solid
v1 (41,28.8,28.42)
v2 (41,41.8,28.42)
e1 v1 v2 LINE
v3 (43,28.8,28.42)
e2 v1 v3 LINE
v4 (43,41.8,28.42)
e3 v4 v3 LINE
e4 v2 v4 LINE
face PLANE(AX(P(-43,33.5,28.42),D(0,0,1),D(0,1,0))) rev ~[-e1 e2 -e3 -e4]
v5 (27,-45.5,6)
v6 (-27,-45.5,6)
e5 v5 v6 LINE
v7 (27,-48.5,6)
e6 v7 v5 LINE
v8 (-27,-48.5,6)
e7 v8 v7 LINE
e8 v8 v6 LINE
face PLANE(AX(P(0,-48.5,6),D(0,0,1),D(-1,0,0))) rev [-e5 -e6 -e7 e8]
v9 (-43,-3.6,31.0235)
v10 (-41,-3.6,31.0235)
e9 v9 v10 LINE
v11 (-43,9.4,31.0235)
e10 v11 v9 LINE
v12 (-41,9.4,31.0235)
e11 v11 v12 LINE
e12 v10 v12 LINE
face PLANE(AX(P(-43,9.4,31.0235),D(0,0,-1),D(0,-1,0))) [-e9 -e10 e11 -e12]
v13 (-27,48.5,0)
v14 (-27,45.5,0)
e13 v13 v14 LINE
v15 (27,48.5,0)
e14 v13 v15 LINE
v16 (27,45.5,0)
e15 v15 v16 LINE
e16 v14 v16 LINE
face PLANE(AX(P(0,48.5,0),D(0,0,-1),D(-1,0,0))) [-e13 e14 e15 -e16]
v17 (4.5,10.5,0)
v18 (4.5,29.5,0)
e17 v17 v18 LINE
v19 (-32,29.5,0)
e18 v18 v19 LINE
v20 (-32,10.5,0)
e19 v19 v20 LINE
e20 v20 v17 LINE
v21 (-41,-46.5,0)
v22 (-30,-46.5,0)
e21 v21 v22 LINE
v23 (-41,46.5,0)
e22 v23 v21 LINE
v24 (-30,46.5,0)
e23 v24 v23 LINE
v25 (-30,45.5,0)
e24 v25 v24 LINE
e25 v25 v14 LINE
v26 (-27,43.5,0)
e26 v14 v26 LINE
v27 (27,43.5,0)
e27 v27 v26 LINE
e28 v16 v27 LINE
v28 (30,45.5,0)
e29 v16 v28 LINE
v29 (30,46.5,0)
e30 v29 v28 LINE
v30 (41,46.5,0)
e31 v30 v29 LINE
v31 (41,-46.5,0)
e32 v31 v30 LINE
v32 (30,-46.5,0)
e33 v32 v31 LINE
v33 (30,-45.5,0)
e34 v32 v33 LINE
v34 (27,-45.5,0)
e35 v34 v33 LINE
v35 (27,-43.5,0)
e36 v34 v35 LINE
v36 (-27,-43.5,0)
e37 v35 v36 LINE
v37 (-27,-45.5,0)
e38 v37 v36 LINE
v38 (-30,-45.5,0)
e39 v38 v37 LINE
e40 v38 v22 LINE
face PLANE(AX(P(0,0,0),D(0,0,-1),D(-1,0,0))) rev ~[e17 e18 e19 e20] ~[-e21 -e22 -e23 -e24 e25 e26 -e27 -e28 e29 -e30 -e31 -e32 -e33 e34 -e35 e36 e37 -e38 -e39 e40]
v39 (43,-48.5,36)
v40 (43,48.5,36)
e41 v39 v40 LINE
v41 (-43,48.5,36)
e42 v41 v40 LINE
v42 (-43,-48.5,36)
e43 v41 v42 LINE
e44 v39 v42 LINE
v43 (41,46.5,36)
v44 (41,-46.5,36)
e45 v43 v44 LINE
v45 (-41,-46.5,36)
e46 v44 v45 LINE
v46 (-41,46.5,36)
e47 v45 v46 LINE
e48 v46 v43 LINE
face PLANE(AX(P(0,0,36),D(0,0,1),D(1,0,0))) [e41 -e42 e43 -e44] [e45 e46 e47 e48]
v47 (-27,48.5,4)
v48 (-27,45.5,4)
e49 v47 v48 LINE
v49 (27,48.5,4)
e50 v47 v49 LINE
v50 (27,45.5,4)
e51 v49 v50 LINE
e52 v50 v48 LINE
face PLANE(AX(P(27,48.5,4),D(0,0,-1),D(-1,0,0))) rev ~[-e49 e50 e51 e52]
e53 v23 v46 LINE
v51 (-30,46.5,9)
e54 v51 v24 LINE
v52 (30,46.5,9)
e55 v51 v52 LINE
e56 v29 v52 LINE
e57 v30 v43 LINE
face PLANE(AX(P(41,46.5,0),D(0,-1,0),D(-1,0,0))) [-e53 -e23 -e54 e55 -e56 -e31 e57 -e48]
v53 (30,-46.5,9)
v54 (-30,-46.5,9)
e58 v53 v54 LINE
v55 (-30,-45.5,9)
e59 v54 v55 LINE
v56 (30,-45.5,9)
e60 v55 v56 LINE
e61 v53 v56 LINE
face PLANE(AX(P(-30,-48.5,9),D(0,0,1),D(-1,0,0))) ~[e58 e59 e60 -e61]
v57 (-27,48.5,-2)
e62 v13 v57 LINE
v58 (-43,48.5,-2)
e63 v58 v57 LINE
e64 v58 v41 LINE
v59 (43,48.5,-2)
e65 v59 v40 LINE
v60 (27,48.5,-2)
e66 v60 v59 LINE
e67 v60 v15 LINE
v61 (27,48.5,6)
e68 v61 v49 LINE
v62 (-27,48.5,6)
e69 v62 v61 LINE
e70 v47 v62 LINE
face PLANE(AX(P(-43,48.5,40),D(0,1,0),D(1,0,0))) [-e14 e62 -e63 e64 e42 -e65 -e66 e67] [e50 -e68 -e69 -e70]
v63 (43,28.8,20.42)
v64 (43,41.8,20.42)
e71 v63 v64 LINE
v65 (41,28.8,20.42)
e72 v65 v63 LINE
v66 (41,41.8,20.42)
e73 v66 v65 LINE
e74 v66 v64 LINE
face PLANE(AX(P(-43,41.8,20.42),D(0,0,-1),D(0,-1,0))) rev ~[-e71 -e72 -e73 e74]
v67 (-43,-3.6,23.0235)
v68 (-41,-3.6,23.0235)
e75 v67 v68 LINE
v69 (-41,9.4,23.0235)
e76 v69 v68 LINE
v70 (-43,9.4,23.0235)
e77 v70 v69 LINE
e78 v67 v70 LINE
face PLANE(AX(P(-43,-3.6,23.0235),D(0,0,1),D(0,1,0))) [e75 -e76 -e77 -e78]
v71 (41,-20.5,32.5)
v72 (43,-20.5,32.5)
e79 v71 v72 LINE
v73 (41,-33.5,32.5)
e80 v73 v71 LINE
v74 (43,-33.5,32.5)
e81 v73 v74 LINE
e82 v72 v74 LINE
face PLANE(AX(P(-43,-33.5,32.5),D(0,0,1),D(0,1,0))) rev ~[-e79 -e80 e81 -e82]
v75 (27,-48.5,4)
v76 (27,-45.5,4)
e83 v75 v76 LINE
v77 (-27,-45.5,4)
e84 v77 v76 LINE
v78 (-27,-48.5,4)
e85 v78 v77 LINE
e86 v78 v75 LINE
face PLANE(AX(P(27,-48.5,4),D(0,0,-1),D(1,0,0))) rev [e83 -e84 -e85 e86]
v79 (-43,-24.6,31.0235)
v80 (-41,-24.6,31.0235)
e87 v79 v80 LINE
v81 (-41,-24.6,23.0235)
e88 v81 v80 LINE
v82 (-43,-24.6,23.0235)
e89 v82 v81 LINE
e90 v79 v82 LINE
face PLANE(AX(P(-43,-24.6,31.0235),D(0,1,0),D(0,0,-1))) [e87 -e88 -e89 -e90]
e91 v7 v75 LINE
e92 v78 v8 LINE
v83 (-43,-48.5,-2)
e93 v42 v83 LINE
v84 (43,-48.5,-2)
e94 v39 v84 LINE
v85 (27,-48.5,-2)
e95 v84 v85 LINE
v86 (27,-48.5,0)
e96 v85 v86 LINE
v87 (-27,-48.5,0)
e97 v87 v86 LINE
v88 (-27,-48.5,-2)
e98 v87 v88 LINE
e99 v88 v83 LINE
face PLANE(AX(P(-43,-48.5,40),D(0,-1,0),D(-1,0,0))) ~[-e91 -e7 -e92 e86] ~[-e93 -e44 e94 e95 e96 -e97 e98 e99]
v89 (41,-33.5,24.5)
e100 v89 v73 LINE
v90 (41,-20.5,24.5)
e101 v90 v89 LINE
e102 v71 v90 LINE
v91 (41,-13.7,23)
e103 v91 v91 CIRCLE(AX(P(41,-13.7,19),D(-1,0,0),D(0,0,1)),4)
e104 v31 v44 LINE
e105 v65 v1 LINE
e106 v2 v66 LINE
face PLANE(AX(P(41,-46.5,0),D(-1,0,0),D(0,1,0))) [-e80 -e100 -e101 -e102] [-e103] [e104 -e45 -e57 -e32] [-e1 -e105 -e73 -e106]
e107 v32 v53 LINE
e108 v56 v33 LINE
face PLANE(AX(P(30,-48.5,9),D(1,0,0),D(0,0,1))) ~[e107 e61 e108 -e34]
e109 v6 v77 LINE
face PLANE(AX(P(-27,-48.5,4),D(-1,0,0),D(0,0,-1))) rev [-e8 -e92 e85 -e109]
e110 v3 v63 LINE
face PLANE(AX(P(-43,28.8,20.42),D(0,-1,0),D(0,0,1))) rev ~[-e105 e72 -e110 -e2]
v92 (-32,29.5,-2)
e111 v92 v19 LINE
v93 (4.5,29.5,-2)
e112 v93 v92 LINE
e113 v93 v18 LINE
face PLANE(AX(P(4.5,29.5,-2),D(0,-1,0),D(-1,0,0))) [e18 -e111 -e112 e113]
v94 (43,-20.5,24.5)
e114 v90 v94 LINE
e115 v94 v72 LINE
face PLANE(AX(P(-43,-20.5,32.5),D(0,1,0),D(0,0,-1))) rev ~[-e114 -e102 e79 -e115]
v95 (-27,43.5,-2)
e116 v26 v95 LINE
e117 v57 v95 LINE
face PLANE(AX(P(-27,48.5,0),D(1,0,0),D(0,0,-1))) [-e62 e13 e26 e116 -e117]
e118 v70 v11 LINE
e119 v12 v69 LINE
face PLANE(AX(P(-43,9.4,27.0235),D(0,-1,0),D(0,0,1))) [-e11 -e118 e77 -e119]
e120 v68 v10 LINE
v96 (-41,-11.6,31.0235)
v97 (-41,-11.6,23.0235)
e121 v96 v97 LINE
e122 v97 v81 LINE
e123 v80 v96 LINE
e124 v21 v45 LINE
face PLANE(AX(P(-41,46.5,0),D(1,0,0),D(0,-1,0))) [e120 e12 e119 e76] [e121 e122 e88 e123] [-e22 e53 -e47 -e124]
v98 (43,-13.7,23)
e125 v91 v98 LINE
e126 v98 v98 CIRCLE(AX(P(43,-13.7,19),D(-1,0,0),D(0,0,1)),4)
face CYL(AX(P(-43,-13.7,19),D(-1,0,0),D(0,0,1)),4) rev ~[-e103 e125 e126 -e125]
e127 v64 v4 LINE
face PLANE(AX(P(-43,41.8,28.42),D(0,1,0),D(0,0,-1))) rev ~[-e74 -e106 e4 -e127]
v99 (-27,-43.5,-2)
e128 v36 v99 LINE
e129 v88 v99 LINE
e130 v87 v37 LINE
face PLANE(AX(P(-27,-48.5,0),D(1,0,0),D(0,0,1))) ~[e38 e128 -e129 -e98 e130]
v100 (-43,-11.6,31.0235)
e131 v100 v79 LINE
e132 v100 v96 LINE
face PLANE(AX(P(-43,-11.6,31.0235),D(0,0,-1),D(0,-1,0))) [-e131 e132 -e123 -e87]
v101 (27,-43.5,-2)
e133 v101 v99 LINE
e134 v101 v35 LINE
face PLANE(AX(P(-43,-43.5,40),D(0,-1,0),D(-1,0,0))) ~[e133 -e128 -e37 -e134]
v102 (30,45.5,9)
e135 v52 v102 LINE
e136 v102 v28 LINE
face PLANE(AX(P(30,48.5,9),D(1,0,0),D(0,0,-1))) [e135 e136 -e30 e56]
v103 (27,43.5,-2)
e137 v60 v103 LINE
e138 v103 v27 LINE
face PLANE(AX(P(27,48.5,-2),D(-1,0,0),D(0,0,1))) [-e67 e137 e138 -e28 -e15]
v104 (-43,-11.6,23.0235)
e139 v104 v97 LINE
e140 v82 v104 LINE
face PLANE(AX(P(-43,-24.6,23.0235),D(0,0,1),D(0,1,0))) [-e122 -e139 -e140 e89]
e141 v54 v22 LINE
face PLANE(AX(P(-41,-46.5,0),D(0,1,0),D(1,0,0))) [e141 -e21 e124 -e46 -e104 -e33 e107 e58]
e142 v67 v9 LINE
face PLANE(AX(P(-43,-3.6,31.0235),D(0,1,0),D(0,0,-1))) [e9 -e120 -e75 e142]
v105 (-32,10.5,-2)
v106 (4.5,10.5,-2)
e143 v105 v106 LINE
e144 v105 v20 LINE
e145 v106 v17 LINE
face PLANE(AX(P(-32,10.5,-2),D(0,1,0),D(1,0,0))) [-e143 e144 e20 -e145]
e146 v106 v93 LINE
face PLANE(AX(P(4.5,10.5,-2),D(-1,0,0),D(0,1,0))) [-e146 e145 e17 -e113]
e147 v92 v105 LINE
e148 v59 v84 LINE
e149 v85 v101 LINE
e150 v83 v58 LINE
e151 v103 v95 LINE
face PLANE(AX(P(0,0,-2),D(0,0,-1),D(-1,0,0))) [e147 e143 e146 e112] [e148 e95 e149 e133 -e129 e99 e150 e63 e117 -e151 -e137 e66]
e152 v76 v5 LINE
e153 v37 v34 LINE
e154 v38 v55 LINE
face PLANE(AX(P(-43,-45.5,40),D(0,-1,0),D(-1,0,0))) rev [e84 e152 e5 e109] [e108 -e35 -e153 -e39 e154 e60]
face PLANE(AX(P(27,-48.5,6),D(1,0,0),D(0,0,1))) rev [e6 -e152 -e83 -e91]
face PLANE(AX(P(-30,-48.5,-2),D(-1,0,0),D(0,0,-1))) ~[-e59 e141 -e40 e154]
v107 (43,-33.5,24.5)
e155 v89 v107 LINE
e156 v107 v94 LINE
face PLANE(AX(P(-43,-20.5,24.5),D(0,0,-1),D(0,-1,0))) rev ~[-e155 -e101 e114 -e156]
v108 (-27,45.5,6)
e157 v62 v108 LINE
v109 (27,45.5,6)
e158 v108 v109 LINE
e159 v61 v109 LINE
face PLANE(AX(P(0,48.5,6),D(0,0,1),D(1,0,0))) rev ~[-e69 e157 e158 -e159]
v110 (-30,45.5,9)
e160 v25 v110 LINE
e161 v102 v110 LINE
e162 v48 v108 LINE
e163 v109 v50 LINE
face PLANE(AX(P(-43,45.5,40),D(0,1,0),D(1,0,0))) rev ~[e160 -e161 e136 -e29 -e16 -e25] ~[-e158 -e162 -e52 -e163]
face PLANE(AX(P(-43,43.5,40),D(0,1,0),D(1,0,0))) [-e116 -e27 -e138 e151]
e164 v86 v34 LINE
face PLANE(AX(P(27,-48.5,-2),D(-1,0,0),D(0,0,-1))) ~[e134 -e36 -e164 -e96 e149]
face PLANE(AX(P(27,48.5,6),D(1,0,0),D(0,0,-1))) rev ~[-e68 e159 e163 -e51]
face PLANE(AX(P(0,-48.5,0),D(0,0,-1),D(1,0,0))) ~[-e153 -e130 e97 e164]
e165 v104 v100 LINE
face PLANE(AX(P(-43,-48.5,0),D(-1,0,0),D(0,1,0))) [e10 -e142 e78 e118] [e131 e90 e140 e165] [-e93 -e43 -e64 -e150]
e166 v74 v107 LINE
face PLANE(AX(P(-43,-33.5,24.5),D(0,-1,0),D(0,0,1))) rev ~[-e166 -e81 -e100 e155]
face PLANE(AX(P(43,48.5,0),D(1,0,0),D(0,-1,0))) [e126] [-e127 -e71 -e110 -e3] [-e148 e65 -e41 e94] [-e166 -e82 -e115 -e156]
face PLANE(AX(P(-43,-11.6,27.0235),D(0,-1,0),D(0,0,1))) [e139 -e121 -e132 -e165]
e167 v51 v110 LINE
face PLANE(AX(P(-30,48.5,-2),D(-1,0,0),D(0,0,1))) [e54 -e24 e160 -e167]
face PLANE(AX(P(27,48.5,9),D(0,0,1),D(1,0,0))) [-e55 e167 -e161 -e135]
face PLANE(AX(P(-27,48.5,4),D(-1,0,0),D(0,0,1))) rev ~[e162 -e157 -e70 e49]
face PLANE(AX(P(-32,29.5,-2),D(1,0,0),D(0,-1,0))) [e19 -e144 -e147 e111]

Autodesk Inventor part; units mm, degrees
ref_plane "YZ Plane" through (0, 0, 0) normal (1, 0, 0) x (0, 1, 0)
ref_plane "XZ Plane" through (0, 0, 0) normal (0, 1, 0) x (-1, 0, 0)
ref_plane "XY Plane" through (0, 0, 0) normal (0, 0, 1) x (1, 0, 0)
sketch "Sketch1" plane through (0, 0, 0) normal (0, 0, 1) x (1, 0, 0)
  line L0 (-41, -46.5) -> (41, -46.5)
  line L1 (41, -46.5) -> (41, 46.5)
  line L2 (41, 46.5) -> (-41, 46.5)
  line L3 (-41, 46.5) -> (-41, -46.5)
  line L4 (-41, -46.5) -> (41, 46.5) construction
  line L5 (41, -46.5) -> (-41, 46.5) construction
  line L6 (43, 48.5) -> (43, -48.5)
  line L7 (43, -48.5) -> (-43, -48.5)
  line L8 (-43, -48.5) -> (-43, 48.5)
  line L9 (-43, 48.5) -> (43, 48.5)
  point P0 (0, 0)
  dimension "d0" = 93
  dimension "d1" = 82
  dimension "d2" = 2
extrude "Extrusion1" add sketch "Sketch1" along normal blind 40
sketch "Sketch2" plane through (0, 0, 0) normal (0, 0, -1) x (-1, 0, 0)
  line L0 (41, 46.5) -> (41, -46.5) projected
  line L1 (41, -46.5) -> (-41, -46.5) projected
  line L2 (-41, -46.5) -> (-41, 46.5) projected
  line L3 (-41, 46.5) -> (41, 46.5) projected
  line L4 (-43, 48.5) -> (-43, -48.5) projected
  line L5 (-43, -48.5) -> (43, -48.5) projected
  line L6 (43, -48.5) -> (43, 48.5) projected
  line L7 (43, 48.5) -> (-43, 48.5) projected
  point P0 (0, 0)
extrude "Extrusion2" add sketch "Sketch2" along normal blind 2 contours L0 L1 L2 L3 | L7 L6 L5 L4
sketch "Sketch4" plane through (0, 0, -2) normal (0, 0, -1) x (-1, 0, 0)
  line L0 (41, 46.5) -> (41, -46.5) projected
  line L1 (-41, 46.5) -> (41, 46.5) projected
  line L2 (-41, -46.5) -> (-41, 46.5) projected
  line L3 (41, -46.5) -> (-41, -46.5) projected
  line L4 (0, 46.5) -> (0, 31.5)
  line L5 (41, -46.5) -> (41, 46.5) projected
  line L6 (41, 31.5) -> (37, 31.5)
  line L7 (-41, 46.5) -> (-41, -46.5) projected
  line L8 (-41, 16) -> (-7, 16)
  line L9 (23, -46.5) -> (23, 3.5)
  line L10 (37, 31.5) -> (-10, 31.5)
  line L11 (-10, 31.5) -> (-10, 3.5)
  line L12 (-10, 3.5) -> (37, 3.5)
  line L13 (37, 3.5) -> (37, 31.5)
  point P0 (0, 0)
  dimension "d11" = 15
  dimension "d12" = 4
  dimension "d13" = 34
  dimension "d14" = 50
extrude "Extrusion4" cut sketch "Sketch4" against normal blind 2 contours L13 L12 L11 L10
sketch "Sketch8" plane through (-43, 48.5, 40) normal (0, 1, 0) x (1, 0, 0)
  line L0 (0, 0) -> (0, 42) projected
  line L1 (86, 0) -> (0, 0) projected
  line L2 (86, 42) -> (86, 0) projected
  line L3 (0, 42) -> (86, 42) projected
  line L4 (6, 42) -> (53, 42) projected
  line L5 (43, 42) -> (16, 42)
  line L6 (43, 42) -> (43, 40)
  line L7 (43, 40) -> (43, 36)
  line L8 (43, 36) -> (43, 34)
  line L9 (84, 40) -> (2, 40) projected
  line L10 (16, 42) -> (70, 42)
  line L11 (70, 42) -> (70, 40)
  line L12 (70, 40) -> (16, 40)
  line L13 (16, 40) -> (16, 42)
  line L14 (16, 34) -> (70, 34)
  line L15 (70, 34) -> (70, 36)
  line L16 (70, 36) -> (16, 36)
  line L17 (16, 36) -> (16, 34)
  dimension "d29" = 27
  dimension "d30" = 2
  dimension "d31" = 4
  dimension "d32" = 2
  dimension "d33" = 54
sketch "Sketch9" plane through (-43, 48.5, 40) normal (0, 1, 0) x (1, 0, 0)
  line L0 (70, 42) -> (73, 42)
  line L1 (6, 42) -> (53, 42) projected
  line L2 (16, 42) -> (13, 42)
  line L3 (70, 34) -> (70, 31)
  line L4 (73, 42) -> (13, 42)
  line L5 (13, 42) -> (13, 31)
  line L6 (13, 31) -> (73, 31)
  line L7 (73, 31) -> (73, 42)
  point P0 (43, 40)
  dimension "d34" = 3
  dimension "d35" = 3
  dimension "d36" = 3
extrude "Extrusion8" add sketch "Sketch9" against normal blind 3
extrude "Extrusion9" cut sketch "Sketch8" against normal blind 5 contours L16 L15 L14 L8 | L8 L14 L17 L16 | L3 L6 L9 L13 | L11 L9 L6 L3
sketch "Sketch10" plane through (0, 0, 40) normal (0, 0, 1) x (1, 0, 0)
  line L0 (-41, -46.5) -> (-41, 46.5) projected
  line L1 (-41, 46.5) -> (41, 46.5) projected
  line L2 (41, 46.5) -> (41, -46.5) projected
  line L3 (41, -46.5) -> (-41, -46.5) projected
  line L4 (43, -48.5) -> (43, 48.5) projected
  line L5 (43, 48.5) -> (-43, 48.5) projected
  line L6 (-43, 48.5) -> (-43, -48.5) projected
  line L7 (-43, -48.5) -> (43, -48.5) projected
  point P0 (0, 0)
extrude "Extrusion10" cut sketch "Sketch10" against normal blind 4
sketch "Sketch11" plane through (-43, -48.5, -2) normal (-1, 0, 0) x (0, 0, 1)
  line L0 (2, 95) -> (38, 95) projected
  line L1 (2, 95) -> (2, 2) projected
  line L2 (11, 95) -> (2, 95) projected
  line L3 (2, 95) -> (2, 62.2)
  line L4 (2, 80) -> (2, 52) projected
  line L5 (2, 62.2) -> (21, 62.2)
  circle A0 centre (21, 62.2) radius 4
  line L6 (2, 79) -> (30.5, 79)
  line L7 (30.5, 95) -> (30.5, 83)
  line L8 (30.5, 83) -> (30.5, 72)
  line L9 (30.5, 79) -> (30.5, 72)
  line L10 (26.5, 82) -> (34.5, 82)
  line L11 (34.5, 82) -> (34.5, 69)
  line L12 (34.5, 69) -> (26.5, 69)
  line L13 (26.5, 69) -> (26.5, 82)
  line L14 (26.5, 82) -> (34.5, 69) construction
  line L15 (34.5, 82) -> (26.5, 69) construction
  line L16 (2, 7) -> (26.5, 7)
  line L17 (2, 2) -> (38, 2) projected
  line L18 (26.42, 2) -> (26.42, 13.2)
  line L19 (22.42, 6.7) -> (22.42, 19.7)
  line L20 (22.42, 19.7) -> (30.42, 19.7)
  line L21 (30.42, 19.7) -> (30.42, 6.7)
  line L22 (30.42, 6.7) -> (22.42, 6.7)
  line L23 (22.42, 6.7) -> (30.42, 19.7) construction
  line L24 (22.42, 19.7) -> (30.42, 6.7) construction
  line L25 (2, 2) -> (38, 2) projected
  line L26 (2, 95) -> (2, 2)
  line L27 (2, 2) -> (2, 48.5)
  line L28 (2, 2) -> (2, 95) projected
  line L29 (28, 48.5) -> (2, 48.5)
  circle A1 centre (21, 34.8) radius 4
  line L30 (26.5, 15) -> (34.5, 15)
  line L31 (34.5, 15) -> (34.5, 28)
  line L32 (34.5, 28) -> (26.5, 28)
  line L33 (26.5, 28) -> (26.5, 15)
  line L34 (22.42, 90.3) -> (22.42, 77.3)
  line L35 (22.42, 77.3) -> (30.42, 77.3)
  line L36 (30.42, 77.3) -> (30.42, 90.3)
  line L37 (30.42, 90.3) -> (22.42, 90.3)
  point P0 (30.5, 75.5)
  dimension "d43" = 32.8
  dimension "d44" = 19
  dimension "d45" = 8
  dimension "d48" = 28.5
  dimension "d50" = 12
  dimension "d51" = 11
  dimension "d52" = 8
  dimension "d53" = 13
  dimension "d54" = 24.5
  dimension "d55" = 11.2
  dimension "d56" = 13
  dimension "d57" = 8
extrude "Extrusion11" cut sketch "Sketch11" against normal through all contours L34 L37 L36 L10 L13 L6 | L6 L13 L35 L34 | L13 L10 L36 L6 | L6 L36 L35 L13 | L33 L32 L31 L30 L21 L20 | L20 L21 L30 L33 | A1
sketch "Sketch12" plane through (-43, -48.5, -2) normal (-1, 0, 0) x (0, 0, 1)
  line L0 (38, 0) -> (38, 97) projected
  line L1 (38, 97) -> (0, 97) projected
  line L2 (0, 0) -> (0, 97) projected
  line L3 (38, 0) -> (0, 0) projected
  point P0 (2, 48.5)
extrude "Extrusion12" add sketch "Sketch12" against normal up to surface (2 mm away)
sketch "Sketch13" plane through (-43, -48.5, -2) normal (-1, 0, 0) x (0, 0, 1)
  line L0 (38, 0) -> (38, 97) projected
  line L1 (38, 97) -> (0, 97) projected
  line L2 (38, 0) -> (0, 0) projected
  line L3 (2, 95) -> (38, 95) projected
  line L4 (2, 95) -> (2, 2) projected
  line L5 (2, 2) -> (38, 2) projected
  line L6 (2, 72) -> (29, 72)
  line L7 (29.0235, 95) -> (29.0235, 51.4)
  line L8 (25.0235, 57.9) -> (33.0235, 57.9)
  line L9 (33.0235, 57.9) -> (33.0235, 44.9)
  line L10 (33.0235, 44.9) -> (25.0235, 44.9)
  line L11 (25.0235, 44.9) -> (25.0235, 57.9)
  line L12 (25.0235, 57.9) -> (33.0235, 44.9) construction
  line L13 (33.0235, 57.9) -> (25.0235, 44.9) construction
  line L14 (29.0235, 51.4) -> (29.0235, 30.4)
  line L15 (25.0235, 36.9) -> (33.0235, 36.9)
  line L16 (33.0235, 36.9) -> (33.0235, 23.9)
  line L17 (33.0235, 23.9) -> (25.0235, 23.9)
  line L18 (25.0235, 23.9) -> (25.0235, 36.9)
  line L19 (25.0235, 36.9) -> (33.0235, 23.9) construction
  line L20 (33.0235, 36.9) -> (25.0235, 23.9) construction
  line L21 (0, 0) -> (0, 97) projected
  point P0 (2, 48.5)
  dimension "d60" = 27
  dimension "d61" = 43.6
  dimension "d62" = 8
  dimension "d63" = 13
  dimension "d64" = 21
  dimension "d65" = 8
  dimension "d66" = 13
extrude "Extrusion13" cut sketch "Sketch13" against normal blind 8 contours L15 L16 L17 L18 | L8 L9 L10 L14 L7 | L7 L14 L10 L11 L8
mirror "Mirror3" about plane through (0, 0, 0) normal (0, 1, 0) of "Extrusion8", "Extrusion9"
sketch "Sketch14" plane through (0, 0, -2) normal (0, 0, -1) x (-1, 0, 0)
  line L0 (-27, -48.5) -> (-27, -43.5) projected
  line L1 (-27, -43.5) -> (27, -43.5) projected
  line L2 (27, -43.5) -> (27, -48.5) projected
  line L3 (27, -48.5) -> (43, -48.5) projected
  line L4 (43, -48.5) -> (43, 48.5) projected
  line L5 (43, 48.5) -> (27, 48.5) projected
  line L6 (27, 48.5) -> (27, 43.5) projected
  line L7 (27, 43.5) -> (-27, 43.5) projected
  line L8 (-27, 43.5) -> (-27, 48.5) projected
  line L9 (-27, 48.5) -> (-43, 48.5) projected
  line L10 (-43, 48.5) -> (-43, -48.5) projected
  line L11 (-43, -48.5) -> (-27, -48.5) projected
  line L12 (-41, -46.5) -> (-41, 46.5) projected
  line L13 (-41, 46.5) -> (-30, 46.5) projected
  line L14 (30, 46.5) -> (41, 46.5) projected
  line L15 (-30, 46.5) -> (-30, 45.5) projected
  line L16 (-4.5, 29.5) -> (32, 29.5)
  line L17 (32, 29.5) -> (32, 10.5)
  line L18 (32, 10.5) -> (-4.5, 10.5)
  line L19 (-4.5, 10.5) -> (-4.5, 29.5)
  line L20 (-10, 3.5) -> (-10, 31.5) projected
  line L21 (-10, 31.5) -> (37, 31.5) projected
  line L22 (37, 31.5) -> (37, 3.5) projected
  line L23 (37, 3.5) -> (-10, 3.5) projected
extrude "Extrusion14" add sketch "Sketch14" against normal up to surface (2 mm away) contours L20 L21 L22 L23
properties part number "chest_piece_bottom_2"
